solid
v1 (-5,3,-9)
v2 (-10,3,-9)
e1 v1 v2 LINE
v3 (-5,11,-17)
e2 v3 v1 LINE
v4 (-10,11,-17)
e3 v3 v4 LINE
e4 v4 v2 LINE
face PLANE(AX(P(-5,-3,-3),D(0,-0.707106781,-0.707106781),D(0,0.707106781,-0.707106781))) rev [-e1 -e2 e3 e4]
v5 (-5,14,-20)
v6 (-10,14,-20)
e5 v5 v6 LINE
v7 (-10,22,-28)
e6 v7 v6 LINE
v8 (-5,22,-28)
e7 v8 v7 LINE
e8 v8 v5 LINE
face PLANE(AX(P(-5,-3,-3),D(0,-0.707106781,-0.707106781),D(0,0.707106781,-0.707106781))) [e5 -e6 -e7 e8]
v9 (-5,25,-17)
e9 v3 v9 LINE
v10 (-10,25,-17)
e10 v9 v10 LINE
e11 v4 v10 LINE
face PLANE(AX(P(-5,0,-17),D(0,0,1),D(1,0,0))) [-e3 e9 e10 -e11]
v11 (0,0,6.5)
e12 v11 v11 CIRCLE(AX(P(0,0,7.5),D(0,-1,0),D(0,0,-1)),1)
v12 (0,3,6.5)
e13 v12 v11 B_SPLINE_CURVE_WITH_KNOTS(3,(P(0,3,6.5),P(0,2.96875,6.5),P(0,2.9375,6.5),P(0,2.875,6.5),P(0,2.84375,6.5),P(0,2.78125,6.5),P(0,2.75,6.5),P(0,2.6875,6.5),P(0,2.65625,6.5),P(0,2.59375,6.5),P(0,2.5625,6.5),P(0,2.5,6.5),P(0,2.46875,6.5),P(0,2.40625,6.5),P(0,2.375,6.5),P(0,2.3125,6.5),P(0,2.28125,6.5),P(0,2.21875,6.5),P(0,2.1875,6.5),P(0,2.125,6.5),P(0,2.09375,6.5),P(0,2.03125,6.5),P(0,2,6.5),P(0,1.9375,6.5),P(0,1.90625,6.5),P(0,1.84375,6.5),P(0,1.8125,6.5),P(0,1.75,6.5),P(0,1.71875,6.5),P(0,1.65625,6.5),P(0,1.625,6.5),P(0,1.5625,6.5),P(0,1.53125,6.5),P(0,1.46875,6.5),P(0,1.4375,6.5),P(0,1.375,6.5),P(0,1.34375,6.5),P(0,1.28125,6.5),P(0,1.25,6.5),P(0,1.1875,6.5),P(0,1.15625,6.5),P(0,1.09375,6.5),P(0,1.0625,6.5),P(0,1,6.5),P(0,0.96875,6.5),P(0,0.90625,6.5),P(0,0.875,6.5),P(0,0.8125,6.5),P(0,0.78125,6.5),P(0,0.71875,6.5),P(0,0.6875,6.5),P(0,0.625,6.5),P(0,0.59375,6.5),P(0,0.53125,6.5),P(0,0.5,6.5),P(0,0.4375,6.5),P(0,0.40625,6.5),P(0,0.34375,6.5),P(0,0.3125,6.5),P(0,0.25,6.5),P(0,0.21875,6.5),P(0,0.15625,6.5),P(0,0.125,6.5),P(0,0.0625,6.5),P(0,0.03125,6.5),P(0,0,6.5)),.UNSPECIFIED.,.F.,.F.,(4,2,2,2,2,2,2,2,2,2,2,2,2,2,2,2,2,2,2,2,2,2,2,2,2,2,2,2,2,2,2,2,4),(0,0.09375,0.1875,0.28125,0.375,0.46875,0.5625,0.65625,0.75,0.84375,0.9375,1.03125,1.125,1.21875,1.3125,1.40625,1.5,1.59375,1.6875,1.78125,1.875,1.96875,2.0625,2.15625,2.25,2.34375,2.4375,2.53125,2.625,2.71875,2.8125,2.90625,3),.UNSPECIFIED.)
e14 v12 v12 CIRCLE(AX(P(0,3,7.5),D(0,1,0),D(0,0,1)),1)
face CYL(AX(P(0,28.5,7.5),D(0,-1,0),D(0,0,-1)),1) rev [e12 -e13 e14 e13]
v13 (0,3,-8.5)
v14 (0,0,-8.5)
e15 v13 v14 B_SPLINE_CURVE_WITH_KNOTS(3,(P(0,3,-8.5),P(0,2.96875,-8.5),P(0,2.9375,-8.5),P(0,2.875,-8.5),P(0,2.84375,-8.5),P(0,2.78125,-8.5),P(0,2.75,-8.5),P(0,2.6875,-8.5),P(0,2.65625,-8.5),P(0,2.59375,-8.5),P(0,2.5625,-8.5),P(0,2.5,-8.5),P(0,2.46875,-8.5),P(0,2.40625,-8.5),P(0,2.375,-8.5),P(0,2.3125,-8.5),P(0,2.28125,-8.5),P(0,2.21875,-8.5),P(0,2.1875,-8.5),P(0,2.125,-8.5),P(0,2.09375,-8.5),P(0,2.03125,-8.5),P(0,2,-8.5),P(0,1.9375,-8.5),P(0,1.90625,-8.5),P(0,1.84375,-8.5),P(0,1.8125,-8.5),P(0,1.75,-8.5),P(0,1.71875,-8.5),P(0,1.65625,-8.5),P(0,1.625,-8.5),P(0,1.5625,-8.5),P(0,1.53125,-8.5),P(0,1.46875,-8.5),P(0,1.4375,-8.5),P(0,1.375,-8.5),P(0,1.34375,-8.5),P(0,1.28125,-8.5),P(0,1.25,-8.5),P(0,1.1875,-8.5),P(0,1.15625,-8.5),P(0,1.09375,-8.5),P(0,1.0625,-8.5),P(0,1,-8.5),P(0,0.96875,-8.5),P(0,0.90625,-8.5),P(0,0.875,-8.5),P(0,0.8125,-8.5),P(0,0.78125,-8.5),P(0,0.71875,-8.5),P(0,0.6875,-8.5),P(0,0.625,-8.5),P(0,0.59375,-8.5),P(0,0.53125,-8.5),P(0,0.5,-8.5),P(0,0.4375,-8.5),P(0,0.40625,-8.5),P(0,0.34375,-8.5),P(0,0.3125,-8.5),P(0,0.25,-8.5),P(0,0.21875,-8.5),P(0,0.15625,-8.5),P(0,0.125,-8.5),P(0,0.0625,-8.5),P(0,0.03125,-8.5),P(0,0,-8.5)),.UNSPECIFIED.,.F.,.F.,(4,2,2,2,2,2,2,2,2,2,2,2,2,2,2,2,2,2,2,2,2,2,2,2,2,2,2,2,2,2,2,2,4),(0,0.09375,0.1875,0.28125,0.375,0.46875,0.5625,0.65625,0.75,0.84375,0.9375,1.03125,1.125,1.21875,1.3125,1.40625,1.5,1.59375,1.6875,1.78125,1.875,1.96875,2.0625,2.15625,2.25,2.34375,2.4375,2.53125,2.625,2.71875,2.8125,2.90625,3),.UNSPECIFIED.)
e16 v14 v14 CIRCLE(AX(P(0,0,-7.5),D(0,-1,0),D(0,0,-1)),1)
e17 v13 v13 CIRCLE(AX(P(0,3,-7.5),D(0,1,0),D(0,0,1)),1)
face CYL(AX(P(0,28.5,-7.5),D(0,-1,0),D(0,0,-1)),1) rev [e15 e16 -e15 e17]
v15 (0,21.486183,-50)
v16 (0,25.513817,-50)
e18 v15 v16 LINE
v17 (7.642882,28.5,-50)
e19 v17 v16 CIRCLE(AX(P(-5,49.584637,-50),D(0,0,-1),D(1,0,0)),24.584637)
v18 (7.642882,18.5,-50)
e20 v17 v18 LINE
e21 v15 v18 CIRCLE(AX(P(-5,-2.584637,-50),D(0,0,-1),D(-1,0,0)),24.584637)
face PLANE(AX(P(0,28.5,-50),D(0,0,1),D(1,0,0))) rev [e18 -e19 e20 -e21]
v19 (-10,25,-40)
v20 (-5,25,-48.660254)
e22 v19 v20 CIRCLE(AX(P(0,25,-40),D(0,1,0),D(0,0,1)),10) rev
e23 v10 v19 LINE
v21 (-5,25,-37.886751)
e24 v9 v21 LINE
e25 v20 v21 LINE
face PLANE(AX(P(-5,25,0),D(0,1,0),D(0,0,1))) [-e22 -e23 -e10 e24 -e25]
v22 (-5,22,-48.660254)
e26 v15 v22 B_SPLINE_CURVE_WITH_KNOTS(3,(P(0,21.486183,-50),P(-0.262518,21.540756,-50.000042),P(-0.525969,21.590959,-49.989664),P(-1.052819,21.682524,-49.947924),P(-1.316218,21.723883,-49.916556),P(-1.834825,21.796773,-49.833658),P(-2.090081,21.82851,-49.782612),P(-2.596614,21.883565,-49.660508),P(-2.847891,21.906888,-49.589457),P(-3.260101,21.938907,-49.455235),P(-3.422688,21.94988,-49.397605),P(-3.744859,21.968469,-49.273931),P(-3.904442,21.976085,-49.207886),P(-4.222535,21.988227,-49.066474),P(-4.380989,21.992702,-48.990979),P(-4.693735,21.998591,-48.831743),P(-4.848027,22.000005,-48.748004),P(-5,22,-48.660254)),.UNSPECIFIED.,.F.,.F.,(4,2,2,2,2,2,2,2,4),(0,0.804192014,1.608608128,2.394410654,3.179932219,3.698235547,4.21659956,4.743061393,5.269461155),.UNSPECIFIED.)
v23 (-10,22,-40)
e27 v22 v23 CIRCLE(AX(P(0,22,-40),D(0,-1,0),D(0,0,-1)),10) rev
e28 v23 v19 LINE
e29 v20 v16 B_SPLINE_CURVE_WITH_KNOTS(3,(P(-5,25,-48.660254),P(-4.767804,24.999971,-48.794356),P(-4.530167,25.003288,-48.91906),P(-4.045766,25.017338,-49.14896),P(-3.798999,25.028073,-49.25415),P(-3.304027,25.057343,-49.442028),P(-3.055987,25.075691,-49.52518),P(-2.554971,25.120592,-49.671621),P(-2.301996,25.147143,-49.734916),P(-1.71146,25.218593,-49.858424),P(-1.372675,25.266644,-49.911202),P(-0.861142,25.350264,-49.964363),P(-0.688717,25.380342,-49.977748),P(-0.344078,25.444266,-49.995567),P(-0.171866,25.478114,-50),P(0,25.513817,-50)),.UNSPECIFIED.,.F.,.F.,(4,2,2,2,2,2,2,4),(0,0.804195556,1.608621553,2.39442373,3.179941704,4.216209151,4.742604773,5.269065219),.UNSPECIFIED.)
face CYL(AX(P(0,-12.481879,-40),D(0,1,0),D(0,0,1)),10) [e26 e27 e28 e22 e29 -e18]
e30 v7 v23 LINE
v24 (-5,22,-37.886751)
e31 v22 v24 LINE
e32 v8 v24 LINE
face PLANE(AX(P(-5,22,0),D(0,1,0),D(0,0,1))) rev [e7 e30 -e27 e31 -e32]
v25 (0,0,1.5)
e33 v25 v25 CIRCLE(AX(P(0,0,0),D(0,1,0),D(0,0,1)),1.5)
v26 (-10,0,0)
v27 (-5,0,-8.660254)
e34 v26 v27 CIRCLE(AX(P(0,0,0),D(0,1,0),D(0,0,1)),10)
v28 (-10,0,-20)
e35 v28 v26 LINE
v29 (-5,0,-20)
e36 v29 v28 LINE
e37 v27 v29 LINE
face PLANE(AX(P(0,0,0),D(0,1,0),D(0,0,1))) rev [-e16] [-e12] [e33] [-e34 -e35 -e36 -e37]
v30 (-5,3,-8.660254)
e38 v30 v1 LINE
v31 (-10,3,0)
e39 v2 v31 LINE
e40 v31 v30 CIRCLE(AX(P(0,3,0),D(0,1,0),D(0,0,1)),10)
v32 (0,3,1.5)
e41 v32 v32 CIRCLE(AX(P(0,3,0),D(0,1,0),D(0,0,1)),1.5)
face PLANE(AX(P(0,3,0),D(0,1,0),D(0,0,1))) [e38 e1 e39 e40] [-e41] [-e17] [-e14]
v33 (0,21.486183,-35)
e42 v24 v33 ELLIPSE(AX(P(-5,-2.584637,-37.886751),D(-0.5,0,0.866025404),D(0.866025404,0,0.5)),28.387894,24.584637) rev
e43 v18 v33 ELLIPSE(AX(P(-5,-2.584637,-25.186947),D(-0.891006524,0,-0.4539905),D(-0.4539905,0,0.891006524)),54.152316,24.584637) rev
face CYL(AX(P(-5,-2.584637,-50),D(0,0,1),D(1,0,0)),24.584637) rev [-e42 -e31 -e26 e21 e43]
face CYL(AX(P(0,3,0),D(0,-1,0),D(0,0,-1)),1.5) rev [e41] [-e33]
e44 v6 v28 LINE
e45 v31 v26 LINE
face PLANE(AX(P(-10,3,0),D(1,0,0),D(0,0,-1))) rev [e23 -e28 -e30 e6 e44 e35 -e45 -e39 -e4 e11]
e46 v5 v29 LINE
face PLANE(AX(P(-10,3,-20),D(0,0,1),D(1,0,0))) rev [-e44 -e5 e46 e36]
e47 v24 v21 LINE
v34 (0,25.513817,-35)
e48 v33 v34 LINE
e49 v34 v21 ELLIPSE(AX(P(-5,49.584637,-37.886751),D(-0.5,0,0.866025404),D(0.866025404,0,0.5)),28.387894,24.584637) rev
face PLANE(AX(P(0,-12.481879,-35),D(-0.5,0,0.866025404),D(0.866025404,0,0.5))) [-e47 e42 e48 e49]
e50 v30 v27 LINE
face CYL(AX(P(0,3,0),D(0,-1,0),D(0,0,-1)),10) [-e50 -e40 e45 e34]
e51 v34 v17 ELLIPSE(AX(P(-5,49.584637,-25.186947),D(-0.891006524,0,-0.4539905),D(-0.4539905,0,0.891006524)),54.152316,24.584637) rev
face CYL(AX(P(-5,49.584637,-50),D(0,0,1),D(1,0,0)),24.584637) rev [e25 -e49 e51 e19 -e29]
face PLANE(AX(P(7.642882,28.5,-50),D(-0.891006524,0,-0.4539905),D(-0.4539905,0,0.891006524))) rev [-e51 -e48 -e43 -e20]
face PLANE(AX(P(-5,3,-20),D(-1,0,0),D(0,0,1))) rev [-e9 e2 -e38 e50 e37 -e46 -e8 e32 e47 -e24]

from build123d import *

# Parameters (mm, degrees)
SKETCH1_R           = 1.5
BOSS_EXTRUDE1_DEPTH = 3
SKETCH2_W           = 1.5
SKETCH2_H           = 3
BOSS_EXTRUDE2_DEPTH = 5
BOSS_EXTRUDE3_DEPTH = 3
BOSS_EXTRUDE4_START = -1.5
BOSS_EXTRUDE4_DEPTH = 5
SKETCH6_OUTSIDE_W   = 35.874
SKETCH6_OUTSIDE_H   = 44.374
CUT_EXTRUDE2_DEPTH  = 55.196402095
SKETCH7_R           = 1
CUT_EXTRUDE3_DEPTH  = 59.414467538


with BuildPart() as part:
    # Sketch1 → Boss-Extrude1 (new body)
    with BuildSketch(Plane(origin=(0, 0, 0), x_dir=(1, 0, 0), z_dir=(0, 1, 0))):
        with BuildLine():
            Line((-10, 0), (-10, 20))
            Line((-10, 20), (-5, 20))
            Line((-5, 20), (-5, 8.660254038))
            ThreePointArc((-5, 8.660254038), (8.660254038, -5), (-10, 0))
        make_face()
        with Locations(Location((0, 0, 0), (0, 0, 270))):
            Circle(SKETCH1_R, mode=Mode.SUBTRACT)
    extrude(amount=BOSS_EXTRUDE1_DEPTH)

    # Sketch2 → Boss-Extrude2 (add)
    with BuildSketch(Plane.ZY.offset(10)):
        with Locations((-19.25, 1.5)):
            Rectangle(SKETCH2_W, SKETCH2_H)
        Polygon((-18.5, 0), (-17, 0), (-9, 0), (-9, 3), (-18.5, 3), align=None)
        Polygon((-18.5, 25), (-18.5, 3), (-9, 3), (-17, 11), (-17, 25), align=None)
        Polygon((-20, 3), (-18.5, 3), (-18.5, 25), (-20, 25), (-30, 25), (-30, 22), (-28, 22), (-20, 14), align=None)
    extrude(amount=-BOSS_EXTRUDE2_DEPTH)

    # Sketch4 → Boss-Extrude3 (add)
    with BuildSketch(Plane(origin=(0, 25, 0), x_dir=(1, 0, 0), z_dir=(0, 1, 0))):
        with BuildLine():
            Line((-5, 17), (-10, 17))
            Line((-10, 17), (-10, 40))
            ThreePointArc((-10, 40), (-7.071067812, 47.071067812), (0, 50))
            Line((0, 50), (0, 35))
            Line((0, 35), (-5, 37.886751346))
            Line((-5, 37.886751346), (-5, 30))
            Line((-5, 30), (-5, 17))
        make_face()
    extrude(amount=-BOSS_EXTRUDE3_DEPTH)

    # Sketch5 → Boss-Extrude4 (add, symmetric)
    with BuildSketch(Plane(origin=(0, 25, 0), x_dir=(1, 0, 0), z_dir=(0, 1, 0)).offset(BOSS_EXTRUDE4_START)):
        with BuildLine():
            Line((-5, 37.886751346), (-10, 37.886751346))
            Line((-10, 37.886751346), (-10, 40))
            ThreePointArc((-10, 40), (-7.071067812, 47.071067812), (0, 50))
            Line((0, 50), (7.642881742, 50))
            Line((7.642881742, 50), (0, 35))
            Line((0, 35), (-5, 37.886751346))
        make_face()
    extrude(amount=BOSS_EXTRUDE4_DEPTH, both=True)

    # Sketch6 outside → Cut-Extrude2 (cut, through all)
    with BuildSketch(Plane.XY.offset(-35)):
        with Locations((0, 14.25)):
            Rectangle(SKETCH6_OUTSIDE_W, SKETCH6_OUTSIDE_H)
        with BuildLine():
            Line((-10, 25), (-5, 25))
            ThreePointArc((-5, 25), (1.559200766, 25.891151362), (7.642881742, 28.5))
            Line((7.642881742, 28.5), (7.642881742, 18.5))
            ThreePointArc((7.642881742, 18.5), (1.559200766, 21.108848638), (-5, 22))
            Line((-5, 22), (-10, 22))
            Line((-10, 22), (-10, 25))
        make_face(mode=Mode.SUBTRACT)
    extrude(amount=-CUT_EXTRUDE2_DEPTH, mode=Mode.SUBTRACT)

    # Sketch7 → Cut-Extrude3 (cut, through all)
    with BuildSketch(Plane.XZ):
        with Locations(Location((0, -7.5, 0), (0, 0, 270))):
            Circle(SKETCH7_R)
        with Locations(Location((0, 7.5, 0), (0, 0, 270))):
            Circle(SKETCH7_R)
    extrude(amount=-CUT_EXTRUDE3_DEPTH, mode=Mode.SUBTRACT)


solid = part.part
